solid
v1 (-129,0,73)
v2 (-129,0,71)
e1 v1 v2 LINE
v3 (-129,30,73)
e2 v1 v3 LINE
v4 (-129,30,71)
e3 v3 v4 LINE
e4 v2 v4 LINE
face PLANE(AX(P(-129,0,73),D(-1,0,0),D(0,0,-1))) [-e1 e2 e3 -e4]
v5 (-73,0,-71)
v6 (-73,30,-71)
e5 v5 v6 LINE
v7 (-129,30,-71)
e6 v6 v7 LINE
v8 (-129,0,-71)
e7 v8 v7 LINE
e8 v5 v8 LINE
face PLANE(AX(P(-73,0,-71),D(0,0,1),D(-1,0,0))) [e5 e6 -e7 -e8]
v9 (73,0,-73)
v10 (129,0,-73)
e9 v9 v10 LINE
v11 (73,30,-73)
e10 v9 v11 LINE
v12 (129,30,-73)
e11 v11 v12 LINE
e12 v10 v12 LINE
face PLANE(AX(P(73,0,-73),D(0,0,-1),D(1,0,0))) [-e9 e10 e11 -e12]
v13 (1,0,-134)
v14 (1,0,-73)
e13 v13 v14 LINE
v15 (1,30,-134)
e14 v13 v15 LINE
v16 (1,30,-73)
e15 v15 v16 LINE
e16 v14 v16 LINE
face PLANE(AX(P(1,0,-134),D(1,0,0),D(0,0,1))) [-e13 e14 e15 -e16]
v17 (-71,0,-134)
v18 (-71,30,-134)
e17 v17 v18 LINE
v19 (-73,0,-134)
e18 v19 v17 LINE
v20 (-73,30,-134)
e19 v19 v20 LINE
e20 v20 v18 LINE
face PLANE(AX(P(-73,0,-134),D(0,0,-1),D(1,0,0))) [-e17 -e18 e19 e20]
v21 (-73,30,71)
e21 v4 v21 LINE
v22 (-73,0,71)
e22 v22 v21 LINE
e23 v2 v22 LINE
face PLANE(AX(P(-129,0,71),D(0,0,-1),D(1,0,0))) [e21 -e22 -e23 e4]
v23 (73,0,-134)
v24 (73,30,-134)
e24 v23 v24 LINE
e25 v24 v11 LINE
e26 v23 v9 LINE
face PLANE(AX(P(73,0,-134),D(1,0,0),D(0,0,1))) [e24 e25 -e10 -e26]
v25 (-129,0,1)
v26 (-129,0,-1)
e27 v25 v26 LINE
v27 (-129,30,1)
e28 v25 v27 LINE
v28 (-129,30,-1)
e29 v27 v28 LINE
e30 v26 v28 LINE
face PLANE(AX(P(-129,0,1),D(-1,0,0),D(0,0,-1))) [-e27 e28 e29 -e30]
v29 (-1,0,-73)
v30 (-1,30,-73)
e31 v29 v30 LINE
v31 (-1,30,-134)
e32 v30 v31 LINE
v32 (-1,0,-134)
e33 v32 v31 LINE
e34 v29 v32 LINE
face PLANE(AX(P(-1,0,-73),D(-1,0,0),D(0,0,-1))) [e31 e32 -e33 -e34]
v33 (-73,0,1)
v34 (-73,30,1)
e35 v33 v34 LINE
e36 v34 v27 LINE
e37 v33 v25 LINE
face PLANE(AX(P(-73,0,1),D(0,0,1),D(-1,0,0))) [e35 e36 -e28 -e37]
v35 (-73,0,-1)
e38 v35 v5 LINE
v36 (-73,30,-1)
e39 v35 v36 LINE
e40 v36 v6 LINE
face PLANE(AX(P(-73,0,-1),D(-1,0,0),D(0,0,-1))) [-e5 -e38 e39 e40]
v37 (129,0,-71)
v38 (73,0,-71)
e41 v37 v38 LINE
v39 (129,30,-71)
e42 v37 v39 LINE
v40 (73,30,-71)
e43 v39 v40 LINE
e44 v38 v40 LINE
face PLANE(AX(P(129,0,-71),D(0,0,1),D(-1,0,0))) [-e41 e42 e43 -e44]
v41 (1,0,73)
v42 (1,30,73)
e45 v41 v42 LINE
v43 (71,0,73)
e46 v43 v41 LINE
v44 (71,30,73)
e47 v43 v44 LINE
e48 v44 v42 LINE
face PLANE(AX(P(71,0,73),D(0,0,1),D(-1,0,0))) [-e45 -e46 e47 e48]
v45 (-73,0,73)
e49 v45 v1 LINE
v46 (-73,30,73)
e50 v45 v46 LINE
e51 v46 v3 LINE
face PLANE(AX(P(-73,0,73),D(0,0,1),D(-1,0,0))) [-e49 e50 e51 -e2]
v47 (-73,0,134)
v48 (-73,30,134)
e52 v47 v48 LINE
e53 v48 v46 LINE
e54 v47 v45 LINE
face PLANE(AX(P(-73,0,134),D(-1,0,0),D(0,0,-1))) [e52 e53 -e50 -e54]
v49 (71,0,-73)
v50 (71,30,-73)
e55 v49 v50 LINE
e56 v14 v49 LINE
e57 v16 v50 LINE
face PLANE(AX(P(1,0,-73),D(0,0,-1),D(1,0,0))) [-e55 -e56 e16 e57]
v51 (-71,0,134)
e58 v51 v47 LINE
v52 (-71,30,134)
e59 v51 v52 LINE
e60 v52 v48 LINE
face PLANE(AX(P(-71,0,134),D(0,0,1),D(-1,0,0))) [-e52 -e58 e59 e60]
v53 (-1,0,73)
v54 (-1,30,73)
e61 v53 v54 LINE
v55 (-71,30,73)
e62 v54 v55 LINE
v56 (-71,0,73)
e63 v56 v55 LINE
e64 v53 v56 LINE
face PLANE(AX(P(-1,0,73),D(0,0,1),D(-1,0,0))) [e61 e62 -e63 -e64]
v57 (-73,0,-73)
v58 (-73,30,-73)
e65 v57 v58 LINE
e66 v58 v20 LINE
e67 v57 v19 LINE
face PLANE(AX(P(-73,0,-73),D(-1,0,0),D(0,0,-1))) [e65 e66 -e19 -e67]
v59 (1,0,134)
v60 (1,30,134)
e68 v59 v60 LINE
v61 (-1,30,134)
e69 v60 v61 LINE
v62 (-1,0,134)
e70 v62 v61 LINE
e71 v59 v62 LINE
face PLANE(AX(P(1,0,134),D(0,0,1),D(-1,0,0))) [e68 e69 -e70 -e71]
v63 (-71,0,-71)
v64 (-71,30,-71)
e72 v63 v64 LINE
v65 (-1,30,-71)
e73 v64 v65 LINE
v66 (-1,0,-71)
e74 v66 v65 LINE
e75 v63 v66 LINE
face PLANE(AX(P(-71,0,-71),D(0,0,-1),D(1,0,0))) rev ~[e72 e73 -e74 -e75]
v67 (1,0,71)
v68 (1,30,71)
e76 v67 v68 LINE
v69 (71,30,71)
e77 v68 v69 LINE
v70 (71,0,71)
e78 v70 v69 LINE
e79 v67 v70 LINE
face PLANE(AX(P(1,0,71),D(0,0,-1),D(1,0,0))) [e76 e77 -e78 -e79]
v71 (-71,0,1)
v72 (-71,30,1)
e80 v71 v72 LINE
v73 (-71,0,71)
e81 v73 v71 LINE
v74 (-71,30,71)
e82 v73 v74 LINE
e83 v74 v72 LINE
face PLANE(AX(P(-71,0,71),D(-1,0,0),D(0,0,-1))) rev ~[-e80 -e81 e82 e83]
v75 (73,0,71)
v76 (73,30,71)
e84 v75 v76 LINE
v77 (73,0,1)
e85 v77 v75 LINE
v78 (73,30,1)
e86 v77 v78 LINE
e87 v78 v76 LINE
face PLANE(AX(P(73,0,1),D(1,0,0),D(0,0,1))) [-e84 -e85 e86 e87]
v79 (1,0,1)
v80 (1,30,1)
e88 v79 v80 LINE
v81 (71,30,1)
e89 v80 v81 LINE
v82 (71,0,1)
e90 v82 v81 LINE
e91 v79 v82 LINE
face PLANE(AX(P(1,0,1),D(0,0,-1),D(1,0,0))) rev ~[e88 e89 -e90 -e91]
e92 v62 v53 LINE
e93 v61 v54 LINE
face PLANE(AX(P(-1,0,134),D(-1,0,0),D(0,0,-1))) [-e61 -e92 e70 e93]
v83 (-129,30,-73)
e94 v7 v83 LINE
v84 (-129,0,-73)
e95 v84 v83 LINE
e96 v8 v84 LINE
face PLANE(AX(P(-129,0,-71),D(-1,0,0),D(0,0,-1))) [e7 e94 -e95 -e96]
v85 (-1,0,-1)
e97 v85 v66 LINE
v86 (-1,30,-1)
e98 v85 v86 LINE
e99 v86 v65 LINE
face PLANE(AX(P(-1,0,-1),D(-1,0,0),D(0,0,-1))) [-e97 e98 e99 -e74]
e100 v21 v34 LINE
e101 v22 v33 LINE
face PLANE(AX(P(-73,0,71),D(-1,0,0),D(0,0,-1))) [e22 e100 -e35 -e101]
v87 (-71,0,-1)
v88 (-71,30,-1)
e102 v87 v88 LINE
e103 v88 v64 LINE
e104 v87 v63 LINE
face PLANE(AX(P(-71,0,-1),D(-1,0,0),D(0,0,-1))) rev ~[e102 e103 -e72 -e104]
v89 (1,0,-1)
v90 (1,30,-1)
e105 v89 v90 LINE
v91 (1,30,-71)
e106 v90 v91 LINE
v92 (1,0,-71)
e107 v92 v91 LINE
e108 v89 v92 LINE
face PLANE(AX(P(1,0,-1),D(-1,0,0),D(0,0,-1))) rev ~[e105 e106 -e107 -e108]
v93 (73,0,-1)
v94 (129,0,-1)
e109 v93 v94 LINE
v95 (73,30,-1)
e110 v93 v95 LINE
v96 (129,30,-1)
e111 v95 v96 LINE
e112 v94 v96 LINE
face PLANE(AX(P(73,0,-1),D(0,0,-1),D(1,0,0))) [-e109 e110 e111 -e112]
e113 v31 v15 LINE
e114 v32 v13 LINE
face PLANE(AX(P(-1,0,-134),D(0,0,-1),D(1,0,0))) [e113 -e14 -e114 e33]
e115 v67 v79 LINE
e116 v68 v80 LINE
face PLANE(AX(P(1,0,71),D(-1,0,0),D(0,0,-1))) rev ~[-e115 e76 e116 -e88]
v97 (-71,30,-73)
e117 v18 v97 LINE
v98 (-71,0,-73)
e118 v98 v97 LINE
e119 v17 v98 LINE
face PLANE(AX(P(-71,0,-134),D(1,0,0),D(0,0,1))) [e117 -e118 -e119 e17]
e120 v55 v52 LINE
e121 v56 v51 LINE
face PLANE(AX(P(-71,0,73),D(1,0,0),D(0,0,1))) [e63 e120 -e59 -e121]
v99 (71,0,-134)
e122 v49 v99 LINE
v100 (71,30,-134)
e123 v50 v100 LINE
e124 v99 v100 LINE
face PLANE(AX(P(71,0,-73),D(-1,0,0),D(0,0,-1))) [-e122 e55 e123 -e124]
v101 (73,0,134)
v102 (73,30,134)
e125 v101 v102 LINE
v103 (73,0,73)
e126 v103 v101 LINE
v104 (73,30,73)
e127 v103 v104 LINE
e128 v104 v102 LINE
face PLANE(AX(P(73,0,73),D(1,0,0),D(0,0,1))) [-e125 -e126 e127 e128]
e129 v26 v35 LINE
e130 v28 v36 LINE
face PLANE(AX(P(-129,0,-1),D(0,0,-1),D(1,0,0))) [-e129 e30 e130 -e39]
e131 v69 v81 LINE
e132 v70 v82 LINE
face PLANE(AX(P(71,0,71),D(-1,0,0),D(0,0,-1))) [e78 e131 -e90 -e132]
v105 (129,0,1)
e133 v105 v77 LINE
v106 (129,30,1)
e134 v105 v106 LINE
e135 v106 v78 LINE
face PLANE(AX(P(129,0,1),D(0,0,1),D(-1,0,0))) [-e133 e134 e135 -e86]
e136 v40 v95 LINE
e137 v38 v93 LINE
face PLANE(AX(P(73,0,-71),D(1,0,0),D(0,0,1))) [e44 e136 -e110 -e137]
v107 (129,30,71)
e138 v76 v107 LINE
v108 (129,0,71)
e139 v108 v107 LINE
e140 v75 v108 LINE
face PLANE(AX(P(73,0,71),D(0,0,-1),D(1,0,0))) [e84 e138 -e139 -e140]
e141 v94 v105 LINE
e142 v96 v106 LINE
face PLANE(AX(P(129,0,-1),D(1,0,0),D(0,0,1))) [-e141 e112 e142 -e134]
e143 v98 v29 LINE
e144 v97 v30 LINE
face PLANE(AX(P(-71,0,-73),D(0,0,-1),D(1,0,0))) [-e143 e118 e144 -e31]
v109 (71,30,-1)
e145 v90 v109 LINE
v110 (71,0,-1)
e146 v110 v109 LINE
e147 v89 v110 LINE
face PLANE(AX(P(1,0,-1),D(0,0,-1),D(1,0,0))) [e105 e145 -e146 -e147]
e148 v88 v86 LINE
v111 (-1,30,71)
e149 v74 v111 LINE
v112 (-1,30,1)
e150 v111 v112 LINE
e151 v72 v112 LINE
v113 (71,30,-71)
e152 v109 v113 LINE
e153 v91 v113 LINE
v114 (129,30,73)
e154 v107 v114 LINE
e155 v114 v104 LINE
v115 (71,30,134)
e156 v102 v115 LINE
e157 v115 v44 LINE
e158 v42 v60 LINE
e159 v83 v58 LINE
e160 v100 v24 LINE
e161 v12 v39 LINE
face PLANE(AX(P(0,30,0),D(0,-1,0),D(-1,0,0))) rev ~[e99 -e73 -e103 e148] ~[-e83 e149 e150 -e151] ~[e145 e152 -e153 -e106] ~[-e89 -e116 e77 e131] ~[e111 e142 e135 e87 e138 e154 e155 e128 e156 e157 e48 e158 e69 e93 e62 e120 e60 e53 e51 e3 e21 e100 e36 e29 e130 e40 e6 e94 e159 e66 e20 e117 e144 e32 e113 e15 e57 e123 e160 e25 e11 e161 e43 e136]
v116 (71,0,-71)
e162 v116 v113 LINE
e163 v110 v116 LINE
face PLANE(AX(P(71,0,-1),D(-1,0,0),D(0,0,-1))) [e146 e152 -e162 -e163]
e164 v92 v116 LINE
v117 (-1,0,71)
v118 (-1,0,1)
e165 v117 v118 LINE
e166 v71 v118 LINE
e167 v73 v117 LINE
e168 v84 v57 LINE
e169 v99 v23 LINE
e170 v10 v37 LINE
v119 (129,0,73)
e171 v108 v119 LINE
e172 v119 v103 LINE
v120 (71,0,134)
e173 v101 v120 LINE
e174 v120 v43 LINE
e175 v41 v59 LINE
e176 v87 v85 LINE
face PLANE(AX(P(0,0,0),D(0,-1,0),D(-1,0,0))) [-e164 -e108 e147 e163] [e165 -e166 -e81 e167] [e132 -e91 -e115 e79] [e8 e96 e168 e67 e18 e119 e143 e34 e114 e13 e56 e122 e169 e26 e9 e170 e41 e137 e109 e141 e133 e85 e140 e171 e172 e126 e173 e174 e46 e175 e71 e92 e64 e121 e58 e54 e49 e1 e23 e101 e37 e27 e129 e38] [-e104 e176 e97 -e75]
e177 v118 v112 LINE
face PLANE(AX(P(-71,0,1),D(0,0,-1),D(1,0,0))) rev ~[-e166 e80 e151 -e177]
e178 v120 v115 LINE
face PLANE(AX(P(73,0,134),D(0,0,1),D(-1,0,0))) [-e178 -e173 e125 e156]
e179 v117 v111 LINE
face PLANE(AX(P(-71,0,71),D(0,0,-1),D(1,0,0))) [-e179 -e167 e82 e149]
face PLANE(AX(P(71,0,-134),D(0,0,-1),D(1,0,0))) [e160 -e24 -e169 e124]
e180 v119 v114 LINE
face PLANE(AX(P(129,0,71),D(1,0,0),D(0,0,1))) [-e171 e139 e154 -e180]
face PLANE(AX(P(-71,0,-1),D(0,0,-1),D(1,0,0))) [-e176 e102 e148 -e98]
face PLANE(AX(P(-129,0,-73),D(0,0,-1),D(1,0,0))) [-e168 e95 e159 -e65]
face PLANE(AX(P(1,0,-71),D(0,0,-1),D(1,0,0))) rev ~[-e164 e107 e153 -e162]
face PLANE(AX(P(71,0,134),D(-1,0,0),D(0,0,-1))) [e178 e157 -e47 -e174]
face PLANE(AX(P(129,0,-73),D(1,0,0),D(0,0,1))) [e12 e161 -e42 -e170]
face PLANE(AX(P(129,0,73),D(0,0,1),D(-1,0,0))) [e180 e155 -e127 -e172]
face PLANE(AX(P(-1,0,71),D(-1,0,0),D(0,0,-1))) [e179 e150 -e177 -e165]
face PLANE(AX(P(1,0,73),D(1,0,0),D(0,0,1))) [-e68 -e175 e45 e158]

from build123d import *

# Parameters (mm, degrees)
SKETCH_1_W      = 70
SKETCH_1_H      = 70
EXTRUDE_2_DEPTH = 30


with BuildPart() as part:
    # 草图1 → 凸台-拉伸2 (new body)
    with BuildSketch(Plane(origin=(0, 0, 0), x_dir=(1, 0, 0), z_dir=(0, 1, 0))):
        Polygon((-71, 73), (-1, 73), (-1, 134), (1, 134), (1, 73), (71, 73), (71, 134), (73, 134), (73, 73), (129, 73), (129, 71), (73, 71), (73, 1), (129, 1), (129, -1), (73, -1), (73, -71), (129, -71), (129, -73), (73, -73), (73, -134), (71, -134), (71, -73), (1, -73), (1, -134), (-1, -134), (-1, -73), (-71, -73), (-71, -134), (-73, -134), (-73, -73), (-129, -73), (-129, -71), (-73, -71), (-73, -1), (-129, -1), (-129, 1), (-73, 1), (-73, 71), (-129, 71), (-129, 73), (-73, 73), (-73, 134), (-71, 134), align=None)
        with Locations((-36, 36)):
            Rectangle(SKETCH_1_W, SKETCH_1_H, mode=Mode.SUBTRACT)
        with Locations((-36, -36)):
            Rectangle(SKETCH_1_W, SKETCH_1_H, mode=Mode.SUBTRACT)
        with Locations((36, -36)):
            Rectangle(SKETCH_1_W, SKETCH_1_H, mode=Mode.SUBTRACT)
        with Locations((36, 36)):
            Rectangle(SKETCH_1_W, SKETCH_1_H, mode=Mode.SUBTRACT)
    extrude(amount=EXTRUDE_2_DEPTH)


solid = part.part
